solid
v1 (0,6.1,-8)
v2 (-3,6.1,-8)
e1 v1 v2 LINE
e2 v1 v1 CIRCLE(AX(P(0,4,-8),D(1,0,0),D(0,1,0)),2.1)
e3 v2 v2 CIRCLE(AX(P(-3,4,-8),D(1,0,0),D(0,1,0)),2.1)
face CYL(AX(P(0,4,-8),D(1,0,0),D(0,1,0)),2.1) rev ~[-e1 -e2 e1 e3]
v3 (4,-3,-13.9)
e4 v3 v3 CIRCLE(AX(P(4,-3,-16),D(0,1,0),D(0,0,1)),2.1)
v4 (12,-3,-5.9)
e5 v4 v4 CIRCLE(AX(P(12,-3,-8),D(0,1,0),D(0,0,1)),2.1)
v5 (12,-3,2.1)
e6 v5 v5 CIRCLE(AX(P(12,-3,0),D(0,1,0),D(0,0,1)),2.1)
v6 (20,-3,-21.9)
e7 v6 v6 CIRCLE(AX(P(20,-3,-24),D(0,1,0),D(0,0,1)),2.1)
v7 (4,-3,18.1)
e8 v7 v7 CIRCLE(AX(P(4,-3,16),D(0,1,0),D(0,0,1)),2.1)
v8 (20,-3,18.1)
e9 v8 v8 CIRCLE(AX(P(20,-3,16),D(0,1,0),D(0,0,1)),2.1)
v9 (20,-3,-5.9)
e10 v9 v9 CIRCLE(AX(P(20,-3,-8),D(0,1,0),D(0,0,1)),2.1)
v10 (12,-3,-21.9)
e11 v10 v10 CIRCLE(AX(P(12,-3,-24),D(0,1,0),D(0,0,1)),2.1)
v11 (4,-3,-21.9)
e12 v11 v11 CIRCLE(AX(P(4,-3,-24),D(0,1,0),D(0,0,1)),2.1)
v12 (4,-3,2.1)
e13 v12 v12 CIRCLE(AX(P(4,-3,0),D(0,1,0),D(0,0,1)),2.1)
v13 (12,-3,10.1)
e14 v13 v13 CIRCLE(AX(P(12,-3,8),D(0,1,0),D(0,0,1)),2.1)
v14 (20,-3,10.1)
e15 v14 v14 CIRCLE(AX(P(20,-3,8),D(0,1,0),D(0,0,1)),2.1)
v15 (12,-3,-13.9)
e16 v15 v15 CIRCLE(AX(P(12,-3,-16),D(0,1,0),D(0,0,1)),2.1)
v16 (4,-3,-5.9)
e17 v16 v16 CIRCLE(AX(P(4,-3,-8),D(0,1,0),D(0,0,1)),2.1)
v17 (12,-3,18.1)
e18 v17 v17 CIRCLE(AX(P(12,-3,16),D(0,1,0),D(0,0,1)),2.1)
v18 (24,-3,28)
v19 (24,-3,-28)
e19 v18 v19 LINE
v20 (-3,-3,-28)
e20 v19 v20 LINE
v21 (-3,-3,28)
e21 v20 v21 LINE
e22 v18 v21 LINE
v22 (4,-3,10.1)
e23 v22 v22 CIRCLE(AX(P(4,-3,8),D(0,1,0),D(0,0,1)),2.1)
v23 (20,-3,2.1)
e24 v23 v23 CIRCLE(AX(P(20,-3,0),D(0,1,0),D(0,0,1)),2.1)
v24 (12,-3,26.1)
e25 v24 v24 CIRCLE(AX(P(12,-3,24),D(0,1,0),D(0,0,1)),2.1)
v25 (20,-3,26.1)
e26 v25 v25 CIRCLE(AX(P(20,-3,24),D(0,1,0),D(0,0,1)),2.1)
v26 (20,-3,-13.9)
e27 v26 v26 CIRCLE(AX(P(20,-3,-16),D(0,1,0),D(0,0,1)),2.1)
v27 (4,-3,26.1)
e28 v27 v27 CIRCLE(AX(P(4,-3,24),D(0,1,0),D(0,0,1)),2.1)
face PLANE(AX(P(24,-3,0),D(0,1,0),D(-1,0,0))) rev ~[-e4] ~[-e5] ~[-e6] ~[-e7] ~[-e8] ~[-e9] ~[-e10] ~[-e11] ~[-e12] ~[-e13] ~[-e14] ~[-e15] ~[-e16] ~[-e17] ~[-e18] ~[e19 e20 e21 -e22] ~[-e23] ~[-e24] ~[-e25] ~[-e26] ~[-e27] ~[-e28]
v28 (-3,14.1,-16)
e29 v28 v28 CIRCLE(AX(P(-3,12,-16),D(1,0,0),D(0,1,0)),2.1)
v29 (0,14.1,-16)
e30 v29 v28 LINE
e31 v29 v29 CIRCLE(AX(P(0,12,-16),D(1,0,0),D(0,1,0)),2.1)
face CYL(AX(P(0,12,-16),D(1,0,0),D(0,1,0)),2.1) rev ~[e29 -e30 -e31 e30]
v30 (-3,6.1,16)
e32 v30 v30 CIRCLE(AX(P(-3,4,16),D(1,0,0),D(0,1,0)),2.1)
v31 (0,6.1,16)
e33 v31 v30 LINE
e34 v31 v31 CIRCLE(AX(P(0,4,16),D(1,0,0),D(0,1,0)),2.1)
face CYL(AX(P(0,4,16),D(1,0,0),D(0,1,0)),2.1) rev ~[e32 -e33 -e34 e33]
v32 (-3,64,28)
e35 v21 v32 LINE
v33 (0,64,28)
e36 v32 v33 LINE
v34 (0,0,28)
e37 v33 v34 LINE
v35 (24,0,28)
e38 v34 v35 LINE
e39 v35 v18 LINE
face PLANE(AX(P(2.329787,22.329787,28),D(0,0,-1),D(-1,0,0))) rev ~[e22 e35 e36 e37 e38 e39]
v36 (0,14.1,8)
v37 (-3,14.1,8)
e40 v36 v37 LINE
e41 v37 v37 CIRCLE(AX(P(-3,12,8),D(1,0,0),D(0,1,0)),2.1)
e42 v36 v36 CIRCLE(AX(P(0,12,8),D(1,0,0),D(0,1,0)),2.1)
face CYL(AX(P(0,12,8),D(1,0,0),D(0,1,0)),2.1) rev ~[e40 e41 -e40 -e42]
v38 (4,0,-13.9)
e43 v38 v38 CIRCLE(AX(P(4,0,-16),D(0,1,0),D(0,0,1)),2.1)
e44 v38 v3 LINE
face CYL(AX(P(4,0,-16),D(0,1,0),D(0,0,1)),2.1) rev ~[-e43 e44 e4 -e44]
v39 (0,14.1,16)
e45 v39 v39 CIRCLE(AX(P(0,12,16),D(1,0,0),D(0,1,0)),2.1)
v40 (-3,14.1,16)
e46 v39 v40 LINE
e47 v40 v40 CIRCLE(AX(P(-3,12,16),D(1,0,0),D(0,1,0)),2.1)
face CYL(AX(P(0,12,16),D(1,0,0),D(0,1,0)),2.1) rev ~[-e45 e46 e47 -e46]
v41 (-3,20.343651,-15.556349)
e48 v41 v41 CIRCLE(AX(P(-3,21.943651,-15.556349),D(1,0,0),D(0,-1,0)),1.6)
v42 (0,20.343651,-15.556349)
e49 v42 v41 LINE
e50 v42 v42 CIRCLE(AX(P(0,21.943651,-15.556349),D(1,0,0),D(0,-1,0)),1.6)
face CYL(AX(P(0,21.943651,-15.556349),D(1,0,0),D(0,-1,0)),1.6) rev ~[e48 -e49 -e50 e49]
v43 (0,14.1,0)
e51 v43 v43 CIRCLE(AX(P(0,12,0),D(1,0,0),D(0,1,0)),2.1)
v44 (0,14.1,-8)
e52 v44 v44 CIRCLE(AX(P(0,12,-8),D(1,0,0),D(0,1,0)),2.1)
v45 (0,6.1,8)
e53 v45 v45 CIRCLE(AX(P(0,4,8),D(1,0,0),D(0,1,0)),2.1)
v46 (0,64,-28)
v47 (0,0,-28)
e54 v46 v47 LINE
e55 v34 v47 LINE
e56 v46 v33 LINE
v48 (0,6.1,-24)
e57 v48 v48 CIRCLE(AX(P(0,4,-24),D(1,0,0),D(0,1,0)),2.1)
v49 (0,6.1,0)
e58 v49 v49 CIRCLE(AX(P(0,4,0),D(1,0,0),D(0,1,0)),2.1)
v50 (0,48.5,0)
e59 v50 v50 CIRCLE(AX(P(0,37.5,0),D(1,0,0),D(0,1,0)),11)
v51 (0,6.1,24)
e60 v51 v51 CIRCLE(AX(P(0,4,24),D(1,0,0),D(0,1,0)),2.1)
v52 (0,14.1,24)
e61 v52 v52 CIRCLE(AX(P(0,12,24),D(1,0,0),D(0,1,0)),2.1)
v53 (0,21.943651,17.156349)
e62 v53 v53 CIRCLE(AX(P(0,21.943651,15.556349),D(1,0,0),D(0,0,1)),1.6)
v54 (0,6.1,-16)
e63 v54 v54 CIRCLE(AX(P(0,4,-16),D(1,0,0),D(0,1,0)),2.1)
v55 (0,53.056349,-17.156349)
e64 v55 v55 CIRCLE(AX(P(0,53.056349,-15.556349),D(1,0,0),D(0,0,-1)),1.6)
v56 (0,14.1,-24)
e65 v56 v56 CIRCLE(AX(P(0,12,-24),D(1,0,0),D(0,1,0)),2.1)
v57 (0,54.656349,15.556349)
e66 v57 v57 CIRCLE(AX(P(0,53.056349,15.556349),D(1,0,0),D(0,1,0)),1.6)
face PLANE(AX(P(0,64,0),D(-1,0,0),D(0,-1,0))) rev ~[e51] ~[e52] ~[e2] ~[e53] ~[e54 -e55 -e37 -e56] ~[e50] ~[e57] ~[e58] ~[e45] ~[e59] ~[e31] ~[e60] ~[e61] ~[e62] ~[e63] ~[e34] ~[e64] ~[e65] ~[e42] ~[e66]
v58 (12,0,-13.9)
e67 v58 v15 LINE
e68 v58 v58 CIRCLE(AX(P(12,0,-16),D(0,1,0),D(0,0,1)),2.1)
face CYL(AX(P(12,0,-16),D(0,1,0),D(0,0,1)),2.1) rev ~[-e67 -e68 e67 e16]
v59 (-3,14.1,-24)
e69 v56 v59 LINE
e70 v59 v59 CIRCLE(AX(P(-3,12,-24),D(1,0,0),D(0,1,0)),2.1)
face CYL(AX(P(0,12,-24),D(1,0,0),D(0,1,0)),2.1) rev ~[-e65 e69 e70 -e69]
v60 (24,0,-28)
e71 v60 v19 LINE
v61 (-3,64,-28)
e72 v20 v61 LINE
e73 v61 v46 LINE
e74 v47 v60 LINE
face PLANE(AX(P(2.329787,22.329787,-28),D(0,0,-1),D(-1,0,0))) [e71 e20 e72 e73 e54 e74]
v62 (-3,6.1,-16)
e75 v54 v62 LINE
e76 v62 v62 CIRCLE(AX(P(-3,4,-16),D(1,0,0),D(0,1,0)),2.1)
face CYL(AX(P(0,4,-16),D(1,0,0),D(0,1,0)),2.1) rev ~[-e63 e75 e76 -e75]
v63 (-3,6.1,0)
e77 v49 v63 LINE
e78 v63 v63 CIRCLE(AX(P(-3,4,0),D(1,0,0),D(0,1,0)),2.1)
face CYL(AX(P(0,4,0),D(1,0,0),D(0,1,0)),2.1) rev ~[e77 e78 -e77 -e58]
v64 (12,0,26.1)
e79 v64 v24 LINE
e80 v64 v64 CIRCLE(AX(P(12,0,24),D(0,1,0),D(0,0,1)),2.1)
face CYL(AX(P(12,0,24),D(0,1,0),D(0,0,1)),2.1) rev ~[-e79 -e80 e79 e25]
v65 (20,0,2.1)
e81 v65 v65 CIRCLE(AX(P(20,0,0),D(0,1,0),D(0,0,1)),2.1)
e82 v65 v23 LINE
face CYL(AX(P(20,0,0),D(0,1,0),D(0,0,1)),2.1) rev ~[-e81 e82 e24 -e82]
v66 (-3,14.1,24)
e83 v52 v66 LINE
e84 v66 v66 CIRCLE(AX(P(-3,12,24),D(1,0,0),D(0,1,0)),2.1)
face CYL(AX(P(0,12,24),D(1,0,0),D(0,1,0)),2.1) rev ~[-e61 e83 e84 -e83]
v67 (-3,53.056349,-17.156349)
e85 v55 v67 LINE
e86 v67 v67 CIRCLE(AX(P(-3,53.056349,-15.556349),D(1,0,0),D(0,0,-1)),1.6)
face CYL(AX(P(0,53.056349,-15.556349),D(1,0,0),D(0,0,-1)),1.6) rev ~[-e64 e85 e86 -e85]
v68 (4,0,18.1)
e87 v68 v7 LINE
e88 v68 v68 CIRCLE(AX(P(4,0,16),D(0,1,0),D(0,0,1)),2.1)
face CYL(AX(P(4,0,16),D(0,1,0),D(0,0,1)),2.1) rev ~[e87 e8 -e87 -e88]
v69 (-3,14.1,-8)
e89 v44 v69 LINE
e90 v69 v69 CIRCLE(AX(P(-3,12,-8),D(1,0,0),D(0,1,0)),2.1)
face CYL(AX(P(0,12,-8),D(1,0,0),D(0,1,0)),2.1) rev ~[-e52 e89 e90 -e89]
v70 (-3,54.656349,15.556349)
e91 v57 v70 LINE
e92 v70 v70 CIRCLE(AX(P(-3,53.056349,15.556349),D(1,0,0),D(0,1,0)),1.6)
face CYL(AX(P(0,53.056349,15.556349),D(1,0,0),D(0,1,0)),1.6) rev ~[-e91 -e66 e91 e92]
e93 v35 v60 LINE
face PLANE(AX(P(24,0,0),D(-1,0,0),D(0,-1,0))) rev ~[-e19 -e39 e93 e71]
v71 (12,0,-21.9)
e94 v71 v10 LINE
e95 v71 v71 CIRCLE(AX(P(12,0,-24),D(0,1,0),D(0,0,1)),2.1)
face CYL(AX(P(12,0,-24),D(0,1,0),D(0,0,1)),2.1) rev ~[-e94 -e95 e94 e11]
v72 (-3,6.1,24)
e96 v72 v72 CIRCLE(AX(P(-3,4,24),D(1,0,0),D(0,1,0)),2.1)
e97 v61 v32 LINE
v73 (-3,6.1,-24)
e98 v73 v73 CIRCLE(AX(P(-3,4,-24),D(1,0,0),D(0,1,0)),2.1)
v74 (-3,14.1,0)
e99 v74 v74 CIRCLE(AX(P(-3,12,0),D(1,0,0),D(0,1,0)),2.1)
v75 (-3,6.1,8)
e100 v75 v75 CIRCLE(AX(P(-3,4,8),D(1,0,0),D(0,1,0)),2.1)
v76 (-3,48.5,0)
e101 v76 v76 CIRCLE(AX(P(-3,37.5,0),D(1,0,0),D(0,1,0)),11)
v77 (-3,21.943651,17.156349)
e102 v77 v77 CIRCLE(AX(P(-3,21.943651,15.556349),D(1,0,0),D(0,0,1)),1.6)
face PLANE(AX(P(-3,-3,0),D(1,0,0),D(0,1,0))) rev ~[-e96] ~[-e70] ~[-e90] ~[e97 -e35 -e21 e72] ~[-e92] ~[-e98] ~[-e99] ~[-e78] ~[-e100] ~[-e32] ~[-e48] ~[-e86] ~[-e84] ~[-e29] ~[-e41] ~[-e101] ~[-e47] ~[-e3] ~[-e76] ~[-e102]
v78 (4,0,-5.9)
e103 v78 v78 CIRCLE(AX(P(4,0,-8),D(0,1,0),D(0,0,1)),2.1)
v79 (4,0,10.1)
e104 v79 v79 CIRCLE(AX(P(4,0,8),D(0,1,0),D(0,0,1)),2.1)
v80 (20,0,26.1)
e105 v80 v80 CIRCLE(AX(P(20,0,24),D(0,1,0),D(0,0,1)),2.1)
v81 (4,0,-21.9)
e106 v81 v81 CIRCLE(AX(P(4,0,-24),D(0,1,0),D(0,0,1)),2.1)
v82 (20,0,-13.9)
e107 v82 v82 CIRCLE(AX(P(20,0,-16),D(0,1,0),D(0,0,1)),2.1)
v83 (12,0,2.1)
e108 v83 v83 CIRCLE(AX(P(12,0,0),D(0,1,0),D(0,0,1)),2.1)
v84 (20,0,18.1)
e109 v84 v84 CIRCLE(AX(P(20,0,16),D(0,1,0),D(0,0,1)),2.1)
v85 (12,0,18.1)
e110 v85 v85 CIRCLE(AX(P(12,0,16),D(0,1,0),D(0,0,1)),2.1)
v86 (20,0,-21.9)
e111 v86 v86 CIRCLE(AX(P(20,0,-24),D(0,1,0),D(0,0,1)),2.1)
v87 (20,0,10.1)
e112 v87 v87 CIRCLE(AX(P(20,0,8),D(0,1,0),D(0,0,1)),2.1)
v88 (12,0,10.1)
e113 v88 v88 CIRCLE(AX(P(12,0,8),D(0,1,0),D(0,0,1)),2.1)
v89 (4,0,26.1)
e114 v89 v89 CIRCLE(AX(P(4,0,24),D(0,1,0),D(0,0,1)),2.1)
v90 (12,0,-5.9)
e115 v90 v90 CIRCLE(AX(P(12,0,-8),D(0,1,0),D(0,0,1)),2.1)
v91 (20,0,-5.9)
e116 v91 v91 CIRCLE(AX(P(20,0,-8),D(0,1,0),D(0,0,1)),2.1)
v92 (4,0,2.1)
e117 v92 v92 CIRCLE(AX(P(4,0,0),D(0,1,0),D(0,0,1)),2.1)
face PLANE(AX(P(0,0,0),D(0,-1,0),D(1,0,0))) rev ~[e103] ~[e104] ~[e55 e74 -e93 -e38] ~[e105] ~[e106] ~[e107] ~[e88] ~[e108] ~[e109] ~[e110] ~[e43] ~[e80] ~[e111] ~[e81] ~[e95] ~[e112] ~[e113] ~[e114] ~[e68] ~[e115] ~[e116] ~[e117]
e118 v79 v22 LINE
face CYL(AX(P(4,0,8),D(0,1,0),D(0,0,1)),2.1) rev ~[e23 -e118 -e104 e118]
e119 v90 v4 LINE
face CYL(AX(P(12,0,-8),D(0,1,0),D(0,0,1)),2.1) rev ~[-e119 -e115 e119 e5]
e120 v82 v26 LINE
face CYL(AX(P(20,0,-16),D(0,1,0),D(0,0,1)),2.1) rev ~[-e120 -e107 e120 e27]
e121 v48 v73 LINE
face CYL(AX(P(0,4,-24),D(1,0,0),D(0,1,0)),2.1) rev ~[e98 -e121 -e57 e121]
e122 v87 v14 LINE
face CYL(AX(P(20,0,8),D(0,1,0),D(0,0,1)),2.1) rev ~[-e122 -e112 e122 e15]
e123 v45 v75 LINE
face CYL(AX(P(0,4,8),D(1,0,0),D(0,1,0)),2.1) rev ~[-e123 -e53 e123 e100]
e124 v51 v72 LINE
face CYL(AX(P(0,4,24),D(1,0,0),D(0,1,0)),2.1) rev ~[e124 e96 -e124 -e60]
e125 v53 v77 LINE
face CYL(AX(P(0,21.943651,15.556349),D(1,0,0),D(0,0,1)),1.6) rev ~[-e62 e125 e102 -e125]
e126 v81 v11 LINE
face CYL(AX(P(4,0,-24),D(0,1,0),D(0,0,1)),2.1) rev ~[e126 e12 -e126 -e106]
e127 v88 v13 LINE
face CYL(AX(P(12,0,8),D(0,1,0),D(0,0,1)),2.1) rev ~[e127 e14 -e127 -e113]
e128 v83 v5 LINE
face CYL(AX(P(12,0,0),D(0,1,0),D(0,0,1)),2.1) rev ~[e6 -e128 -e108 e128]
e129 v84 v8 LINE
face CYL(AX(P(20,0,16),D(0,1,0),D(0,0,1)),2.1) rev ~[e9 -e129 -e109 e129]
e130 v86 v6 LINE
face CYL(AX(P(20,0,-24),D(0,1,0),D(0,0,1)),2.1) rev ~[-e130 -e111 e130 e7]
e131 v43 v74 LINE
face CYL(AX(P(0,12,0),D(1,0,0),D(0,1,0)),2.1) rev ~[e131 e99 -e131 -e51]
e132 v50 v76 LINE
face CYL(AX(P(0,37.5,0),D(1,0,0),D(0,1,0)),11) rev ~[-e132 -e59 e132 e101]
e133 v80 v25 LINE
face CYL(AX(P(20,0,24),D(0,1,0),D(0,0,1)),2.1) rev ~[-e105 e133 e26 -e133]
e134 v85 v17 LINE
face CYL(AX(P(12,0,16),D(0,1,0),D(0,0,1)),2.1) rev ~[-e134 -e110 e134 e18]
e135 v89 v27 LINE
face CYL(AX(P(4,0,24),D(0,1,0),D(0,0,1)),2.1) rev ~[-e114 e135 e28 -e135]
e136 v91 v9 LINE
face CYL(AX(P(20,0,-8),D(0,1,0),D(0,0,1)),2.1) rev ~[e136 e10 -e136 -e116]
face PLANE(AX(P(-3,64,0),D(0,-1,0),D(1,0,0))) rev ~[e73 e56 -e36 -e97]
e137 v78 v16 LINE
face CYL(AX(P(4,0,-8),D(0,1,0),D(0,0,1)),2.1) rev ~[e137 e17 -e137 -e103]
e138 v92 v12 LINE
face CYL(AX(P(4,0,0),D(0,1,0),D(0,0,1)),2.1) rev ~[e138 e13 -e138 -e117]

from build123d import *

# Parameters (mm, degrees)
EXTRU_MINCE1_DEPTH              = 28
ESQUISSE2_R                     = 2.1
ENL_V_MAT_EXTRU_1_DEPTH         = 74.86474125
R_P_TITION_LIN_AIRE1_COUNT      = 3
R_P_TITION_LIN_AIRE1_PITCH      = 8
R_P_TITION_LIN_AIRE1_COUNT_DIR2 = 7
R_P_TITION_LIN_AIRE1_PITCH_DIR2 = 8
ESQUISSE3_R                     = 2.1
ENL_V_MAT_EXTRU_2_DEPTH         = 74.86474125
R_P_TITION_LIN_AIRE2_COUNT      = 2
R_P_TITION_LIN_AIRE2_PITCH      = 8
R_P_TITION_LIN_AIRE2_COUNT_DIR2 = 7
R_P_TITION_LIN_AIRE2_PITCH_DIR2 = 8
ESQUISSE4_R                     = 11
ENL_V_MAT_EXTRU_3_DEPTH         = 74.86474125
ESQUISSE5_R                     = 1.6
ENL_V_MAT_EXTRU_4_DEPTH         = 74.86474125
R_P_TITION_CIRCULAIRE1_COUNT    = 4


with BuildPart() as part:
    # Esquisse1 → Extru.-Mince1 (new, symmetric)
    with BuildSketch(Plane.XY):
        Polygon((0, 64), (0, 0), (24, 0), (24, -3), (-3, -3), (-3, 64), align=None)
    extrude(amount=EXTRU_MINCE1_DEPTH, both=True)

    # Esquisse2 → Enlèv. mat.-Extru.1 (cut, through all)
    with BuildSketch(Plane(origin=(0, 0, 0), x_dir=(1, 0, 0), z_dir=(0, 1, 0))):
        with Locations(Location((4, -24, 0), (0, 0, 270))):
            Circle(ESQUISSE2_R)
    enl_v_mat_extru_1 = extrude(amount=-ENL_V_MAT_EXTRU_1_DEPTH, mode=Mode.SUBTRACT)

    # Répétition linéaire1: Enl_v. mat.-Extru.1 3 × 7
    with Locations(*[(i * R_P_TITION_LIN_AIRE1_PITCH, 0, -j * R_P_TITION_LIN_AIRE1_PITCH_DIR2) for i in range(R_P_TITION_LIN_AIRE1_COUNT) for j in range(R_P_TITION_LIN_AIRE1_COUNT_DIR2) if (i, j) != (0, 0)]):
        add(enl_v_mat_extru_1, mode=Mode.SUBTRACT)

    # Esquisse3 → Enlèv. mat.-Extru.2 (cut, through all)
    with BuildSketch(Plane(origin=(0, 0, 0), x_dir=(0, 0, -1), z_dir=(1, 0, 0))):
        with Locations(Location((-24, 4, 0), (0, 0, 90))):
            Circle(ESQUISSE3_R)
    enl_v_mat_extru_2 = extrude(amount=-ENL_V_MAT_EXTRU_2_DEPTH, mode=Mode.SUBTRACT)

    # Répétition linéaire2: Enl_v. mat.-Extru.2 2 × 7
    with Locations(*[(0, i * R_P_TITION_LIN_AIRE2_PITCH, -j * R_P_TITION_LIN_AIRE2_PITCH_DIR2) for i in range(R_P_TITION_LIN_AIRE2_COUNT) for j in range(R_P_TITION_LIN_AIRE2_COUNT_DIR2) if (i, j) != (0, 0)]):
        add(enl_v_mat_extru_2, mode=Mode.SUBTRACT)

    # Esquisse4 → Enlèv. mat.-Extru.3 (cut, through all)
    with BuildSketch(Plane(origin=(0, 0, 0), x_dir=(0, 0, -1), z_dir=(1, 0, 0))):
        with Locations(Location((0, 37.5, 0), (0, 0, 90))):
            Circle(ESQUISSE4_R)
    extrude(amount=-ENL_V_MAT_EXTRU_3_DEPTH, mode=Mode.SUBTRACT)

    # Esquisse5 → Enlèv. mat.-Extru.4 (cut, through all)
    with BuildSketch(Plane(origin=(0, 0, 0), x_dir=(0, 0, -1), z_dir=(1, 0, 0))):
        with Locations(Location((-15.556349186, 53.056349186, 0), (0, 0, 90))):
            Circle(ESQUISSE5_R)
    enl_v_mat_extru_4 = extrude(amount=-ENL_V_MAT_EXTRU_4_DEPTH, mode=Mode.SUBTRACT)

    # Répétition circulaire1: Enlèv. mat.-Extru.4 ×4 about axis
    r_p_tition_circulaire1_axis = Axis((0, 37.5, 0), (1, 0, 0))
    for i in range(1, R_P_TITION_CIRCULAIRE1_COUNT):
        add(enl_v_mat_extru_4.rotate(r_p_tition_circulaire1_axis, i * 360 / R_P_TITION_CIRCULAIRE1_COUNT), mode=Mode.SUBTRACT)


solid = part.part
